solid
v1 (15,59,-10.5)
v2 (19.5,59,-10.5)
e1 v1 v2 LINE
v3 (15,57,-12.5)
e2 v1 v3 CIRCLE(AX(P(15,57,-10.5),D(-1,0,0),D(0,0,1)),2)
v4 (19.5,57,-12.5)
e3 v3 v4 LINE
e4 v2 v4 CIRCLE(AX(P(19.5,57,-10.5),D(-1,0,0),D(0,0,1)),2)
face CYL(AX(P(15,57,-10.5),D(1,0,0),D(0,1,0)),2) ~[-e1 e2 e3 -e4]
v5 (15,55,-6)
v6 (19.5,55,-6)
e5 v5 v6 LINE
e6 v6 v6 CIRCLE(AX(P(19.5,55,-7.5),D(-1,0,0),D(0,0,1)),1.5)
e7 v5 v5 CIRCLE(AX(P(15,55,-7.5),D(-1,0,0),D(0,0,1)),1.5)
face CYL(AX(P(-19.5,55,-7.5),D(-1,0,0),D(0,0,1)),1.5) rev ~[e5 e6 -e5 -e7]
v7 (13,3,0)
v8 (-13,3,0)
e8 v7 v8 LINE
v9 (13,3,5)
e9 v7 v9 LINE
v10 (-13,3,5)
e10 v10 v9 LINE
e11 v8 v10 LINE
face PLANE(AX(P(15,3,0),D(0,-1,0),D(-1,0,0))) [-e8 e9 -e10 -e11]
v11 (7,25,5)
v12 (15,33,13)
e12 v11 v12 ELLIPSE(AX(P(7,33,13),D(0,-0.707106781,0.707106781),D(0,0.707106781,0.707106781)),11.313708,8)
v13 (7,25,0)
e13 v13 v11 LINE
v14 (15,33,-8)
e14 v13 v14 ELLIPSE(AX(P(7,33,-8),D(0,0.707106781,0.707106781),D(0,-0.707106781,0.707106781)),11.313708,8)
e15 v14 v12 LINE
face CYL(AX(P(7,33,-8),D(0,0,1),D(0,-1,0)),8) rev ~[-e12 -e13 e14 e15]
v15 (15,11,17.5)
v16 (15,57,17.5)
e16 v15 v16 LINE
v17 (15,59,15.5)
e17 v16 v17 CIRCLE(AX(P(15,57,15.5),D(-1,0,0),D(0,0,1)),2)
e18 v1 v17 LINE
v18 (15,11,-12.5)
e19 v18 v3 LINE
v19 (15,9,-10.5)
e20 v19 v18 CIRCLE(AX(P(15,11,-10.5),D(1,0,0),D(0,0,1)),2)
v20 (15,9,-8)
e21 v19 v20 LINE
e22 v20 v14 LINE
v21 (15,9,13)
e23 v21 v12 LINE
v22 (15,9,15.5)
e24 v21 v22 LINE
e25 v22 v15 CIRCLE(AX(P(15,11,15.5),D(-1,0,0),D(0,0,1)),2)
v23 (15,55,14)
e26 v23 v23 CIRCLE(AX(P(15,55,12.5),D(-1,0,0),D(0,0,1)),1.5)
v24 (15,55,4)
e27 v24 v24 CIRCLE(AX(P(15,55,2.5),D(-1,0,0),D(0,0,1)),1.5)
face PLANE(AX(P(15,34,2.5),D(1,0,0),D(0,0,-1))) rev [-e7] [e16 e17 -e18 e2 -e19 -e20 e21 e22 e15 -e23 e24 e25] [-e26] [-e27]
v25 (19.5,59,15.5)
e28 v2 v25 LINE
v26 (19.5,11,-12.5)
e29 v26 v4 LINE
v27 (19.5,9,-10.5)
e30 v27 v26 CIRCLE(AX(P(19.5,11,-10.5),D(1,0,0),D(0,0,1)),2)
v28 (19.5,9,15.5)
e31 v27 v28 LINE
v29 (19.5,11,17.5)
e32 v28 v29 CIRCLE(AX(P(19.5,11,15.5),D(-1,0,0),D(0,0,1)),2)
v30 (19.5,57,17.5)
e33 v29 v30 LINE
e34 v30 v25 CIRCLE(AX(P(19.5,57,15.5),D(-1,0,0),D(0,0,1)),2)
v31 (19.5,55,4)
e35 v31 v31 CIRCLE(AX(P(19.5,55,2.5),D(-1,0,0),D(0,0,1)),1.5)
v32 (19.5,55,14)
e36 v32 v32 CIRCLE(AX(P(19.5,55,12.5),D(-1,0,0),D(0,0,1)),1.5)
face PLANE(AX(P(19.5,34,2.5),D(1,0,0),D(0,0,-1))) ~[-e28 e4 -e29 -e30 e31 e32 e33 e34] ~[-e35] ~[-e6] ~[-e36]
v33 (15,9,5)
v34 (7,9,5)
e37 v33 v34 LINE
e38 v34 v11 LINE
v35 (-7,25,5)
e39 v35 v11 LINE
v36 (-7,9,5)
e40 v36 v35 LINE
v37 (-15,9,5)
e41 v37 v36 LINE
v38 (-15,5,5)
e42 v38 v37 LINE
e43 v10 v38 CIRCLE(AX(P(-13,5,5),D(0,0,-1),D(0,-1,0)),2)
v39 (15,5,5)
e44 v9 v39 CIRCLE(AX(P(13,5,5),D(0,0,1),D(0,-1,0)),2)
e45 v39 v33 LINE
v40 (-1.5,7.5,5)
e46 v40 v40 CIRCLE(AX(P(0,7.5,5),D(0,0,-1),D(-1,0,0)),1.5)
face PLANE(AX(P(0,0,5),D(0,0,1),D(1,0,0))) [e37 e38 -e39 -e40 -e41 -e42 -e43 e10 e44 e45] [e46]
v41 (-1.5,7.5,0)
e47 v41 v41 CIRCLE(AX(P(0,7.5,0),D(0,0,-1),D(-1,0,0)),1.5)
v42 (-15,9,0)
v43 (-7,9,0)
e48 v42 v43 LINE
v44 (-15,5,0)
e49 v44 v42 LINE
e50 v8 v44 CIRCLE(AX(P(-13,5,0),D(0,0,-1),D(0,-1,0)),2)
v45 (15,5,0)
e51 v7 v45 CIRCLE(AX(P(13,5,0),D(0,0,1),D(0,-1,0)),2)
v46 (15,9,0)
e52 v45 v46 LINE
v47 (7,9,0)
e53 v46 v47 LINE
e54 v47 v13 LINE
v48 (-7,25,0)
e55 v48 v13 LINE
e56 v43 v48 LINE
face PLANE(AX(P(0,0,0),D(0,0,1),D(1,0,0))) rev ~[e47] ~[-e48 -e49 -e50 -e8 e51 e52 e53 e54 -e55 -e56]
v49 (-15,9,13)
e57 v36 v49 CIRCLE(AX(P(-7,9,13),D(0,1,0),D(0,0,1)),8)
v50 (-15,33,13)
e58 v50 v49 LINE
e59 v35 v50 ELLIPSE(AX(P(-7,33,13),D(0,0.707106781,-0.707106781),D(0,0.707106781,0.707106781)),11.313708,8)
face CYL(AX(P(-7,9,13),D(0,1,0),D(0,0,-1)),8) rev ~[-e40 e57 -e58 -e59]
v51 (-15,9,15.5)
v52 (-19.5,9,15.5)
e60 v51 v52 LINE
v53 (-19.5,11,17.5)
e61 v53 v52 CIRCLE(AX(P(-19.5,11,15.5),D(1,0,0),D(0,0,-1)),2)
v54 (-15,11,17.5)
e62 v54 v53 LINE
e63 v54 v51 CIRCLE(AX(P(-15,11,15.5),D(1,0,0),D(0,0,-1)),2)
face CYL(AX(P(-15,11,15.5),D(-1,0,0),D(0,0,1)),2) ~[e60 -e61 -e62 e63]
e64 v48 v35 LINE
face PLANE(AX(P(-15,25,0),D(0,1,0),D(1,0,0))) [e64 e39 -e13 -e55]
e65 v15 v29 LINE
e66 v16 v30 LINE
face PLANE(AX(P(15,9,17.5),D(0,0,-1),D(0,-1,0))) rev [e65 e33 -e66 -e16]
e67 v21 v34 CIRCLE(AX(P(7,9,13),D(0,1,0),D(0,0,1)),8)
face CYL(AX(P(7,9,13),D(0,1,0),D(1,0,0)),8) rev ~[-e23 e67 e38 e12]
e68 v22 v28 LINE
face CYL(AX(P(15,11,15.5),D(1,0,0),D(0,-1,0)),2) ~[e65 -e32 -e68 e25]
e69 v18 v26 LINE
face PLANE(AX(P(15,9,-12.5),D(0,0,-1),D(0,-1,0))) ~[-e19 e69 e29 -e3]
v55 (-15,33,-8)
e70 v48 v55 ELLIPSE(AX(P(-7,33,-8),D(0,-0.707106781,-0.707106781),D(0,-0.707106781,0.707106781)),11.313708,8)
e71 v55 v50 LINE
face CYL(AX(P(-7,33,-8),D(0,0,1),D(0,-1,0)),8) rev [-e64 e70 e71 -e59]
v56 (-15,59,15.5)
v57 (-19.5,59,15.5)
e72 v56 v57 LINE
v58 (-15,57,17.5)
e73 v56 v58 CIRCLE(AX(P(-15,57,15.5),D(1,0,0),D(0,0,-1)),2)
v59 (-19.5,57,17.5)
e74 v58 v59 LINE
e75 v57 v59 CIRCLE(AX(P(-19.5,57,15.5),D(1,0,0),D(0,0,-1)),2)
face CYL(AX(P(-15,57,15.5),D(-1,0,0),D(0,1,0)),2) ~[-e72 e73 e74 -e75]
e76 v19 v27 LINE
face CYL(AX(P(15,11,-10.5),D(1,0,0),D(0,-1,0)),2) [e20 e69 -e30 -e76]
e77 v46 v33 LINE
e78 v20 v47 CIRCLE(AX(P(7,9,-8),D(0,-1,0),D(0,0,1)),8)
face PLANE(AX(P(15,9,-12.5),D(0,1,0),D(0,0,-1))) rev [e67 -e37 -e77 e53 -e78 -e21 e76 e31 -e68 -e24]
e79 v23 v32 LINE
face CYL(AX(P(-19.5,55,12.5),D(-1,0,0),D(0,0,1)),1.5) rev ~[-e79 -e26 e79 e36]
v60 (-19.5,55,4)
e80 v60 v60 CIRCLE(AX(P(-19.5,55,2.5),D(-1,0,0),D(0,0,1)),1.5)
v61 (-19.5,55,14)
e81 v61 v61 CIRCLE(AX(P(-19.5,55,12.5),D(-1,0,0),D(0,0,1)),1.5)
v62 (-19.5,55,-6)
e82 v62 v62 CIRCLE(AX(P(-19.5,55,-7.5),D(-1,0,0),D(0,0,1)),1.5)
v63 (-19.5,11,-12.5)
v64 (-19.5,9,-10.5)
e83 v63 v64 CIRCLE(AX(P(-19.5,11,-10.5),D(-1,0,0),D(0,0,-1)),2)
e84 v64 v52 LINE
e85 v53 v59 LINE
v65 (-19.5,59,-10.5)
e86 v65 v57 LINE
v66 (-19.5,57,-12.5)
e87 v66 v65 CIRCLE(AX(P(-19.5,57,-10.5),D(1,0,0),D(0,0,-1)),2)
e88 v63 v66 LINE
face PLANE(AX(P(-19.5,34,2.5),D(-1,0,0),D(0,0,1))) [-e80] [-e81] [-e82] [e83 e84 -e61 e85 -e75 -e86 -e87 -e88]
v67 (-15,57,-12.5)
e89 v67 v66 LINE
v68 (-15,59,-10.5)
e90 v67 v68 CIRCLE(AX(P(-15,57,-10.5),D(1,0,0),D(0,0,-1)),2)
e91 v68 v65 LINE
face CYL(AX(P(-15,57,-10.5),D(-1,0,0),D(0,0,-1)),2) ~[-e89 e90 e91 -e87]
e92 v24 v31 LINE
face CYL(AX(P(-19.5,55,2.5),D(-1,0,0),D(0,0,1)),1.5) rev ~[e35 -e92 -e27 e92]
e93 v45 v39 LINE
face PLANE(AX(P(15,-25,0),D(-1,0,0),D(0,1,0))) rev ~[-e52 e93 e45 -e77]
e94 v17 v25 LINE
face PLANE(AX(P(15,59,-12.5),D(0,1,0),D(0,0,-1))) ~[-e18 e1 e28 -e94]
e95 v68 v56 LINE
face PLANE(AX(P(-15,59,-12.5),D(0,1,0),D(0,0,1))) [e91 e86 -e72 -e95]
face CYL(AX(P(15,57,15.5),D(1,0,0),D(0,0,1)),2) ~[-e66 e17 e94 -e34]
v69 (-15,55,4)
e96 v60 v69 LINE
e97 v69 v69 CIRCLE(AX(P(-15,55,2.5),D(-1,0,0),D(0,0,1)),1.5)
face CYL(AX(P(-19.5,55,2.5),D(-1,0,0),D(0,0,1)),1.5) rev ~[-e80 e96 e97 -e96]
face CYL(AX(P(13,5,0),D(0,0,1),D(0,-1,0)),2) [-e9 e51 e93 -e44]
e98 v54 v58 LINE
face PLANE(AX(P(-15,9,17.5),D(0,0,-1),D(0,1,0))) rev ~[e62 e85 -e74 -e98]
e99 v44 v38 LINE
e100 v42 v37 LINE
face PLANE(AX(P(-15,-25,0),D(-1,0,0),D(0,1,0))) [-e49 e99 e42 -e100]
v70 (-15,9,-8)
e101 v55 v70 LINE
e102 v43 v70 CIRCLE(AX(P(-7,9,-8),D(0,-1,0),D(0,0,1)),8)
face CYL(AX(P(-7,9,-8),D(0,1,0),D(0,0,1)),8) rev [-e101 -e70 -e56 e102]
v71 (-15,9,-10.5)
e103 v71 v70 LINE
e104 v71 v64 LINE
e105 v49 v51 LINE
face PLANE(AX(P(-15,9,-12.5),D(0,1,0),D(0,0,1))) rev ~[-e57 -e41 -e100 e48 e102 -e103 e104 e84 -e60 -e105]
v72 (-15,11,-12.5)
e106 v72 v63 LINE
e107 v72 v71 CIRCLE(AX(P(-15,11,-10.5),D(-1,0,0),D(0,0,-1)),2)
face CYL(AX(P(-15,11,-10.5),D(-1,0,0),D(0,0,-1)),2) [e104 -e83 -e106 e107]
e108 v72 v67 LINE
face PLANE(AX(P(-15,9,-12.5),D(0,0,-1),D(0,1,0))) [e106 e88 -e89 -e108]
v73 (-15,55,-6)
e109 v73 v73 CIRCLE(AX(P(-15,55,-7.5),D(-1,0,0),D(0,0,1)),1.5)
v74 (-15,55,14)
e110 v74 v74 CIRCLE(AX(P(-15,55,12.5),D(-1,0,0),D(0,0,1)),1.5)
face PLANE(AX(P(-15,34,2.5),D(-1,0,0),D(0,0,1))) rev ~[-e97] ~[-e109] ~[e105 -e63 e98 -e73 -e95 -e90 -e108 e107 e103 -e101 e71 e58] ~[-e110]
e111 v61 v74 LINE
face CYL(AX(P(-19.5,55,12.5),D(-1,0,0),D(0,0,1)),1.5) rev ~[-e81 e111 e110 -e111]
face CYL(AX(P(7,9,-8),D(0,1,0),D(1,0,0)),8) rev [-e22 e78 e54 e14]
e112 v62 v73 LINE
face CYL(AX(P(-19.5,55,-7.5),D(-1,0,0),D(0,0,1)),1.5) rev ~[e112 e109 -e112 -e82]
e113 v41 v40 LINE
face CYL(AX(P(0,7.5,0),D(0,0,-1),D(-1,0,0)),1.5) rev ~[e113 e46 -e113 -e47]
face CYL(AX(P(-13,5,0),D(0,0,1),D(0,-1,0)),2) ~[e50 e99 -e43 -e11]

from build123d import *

# Parameters (mm, degrees)
SKETCH_1_W          = 30
SKETCH_1_H          = 50
EXTRUDE_1_DEPTH     = 5
SKETCH_5_W          = 30
SKETCH_5_H          = 50
EXTRUDE_2_DEPTH     = 4.5
SKETCH_6_R          = 1.5
CUT_EXTRUDE_1_DEPTH = 73.857738093
SKETCH_7_R          = 1.5
CUT_EXTRUDE_2_DEPTH = 73.857738093
SKETCH_10_R         = 1.5
CUT_EXTRUDE_3_DEPTH = 65.556177086
SKETCH_11_W         = 30
SKETCH_11_H         = 28
CUT_EXTRUDE_4_DEPTH = 65.556177086
FILLET_1_R          = 8
FILLET_2_R          = 8
FILLET_3_R          = 2


with BuildPart() as part:
    # 草图1 → 凸台-拉伸1 (new body)
    with BuildSketch(Plane.XY):
        Rectangle(SKETCH_1_W, SKETCH_1_H)
    extrude(amount=EXTRUDE_1_DEPTH)

    # 草图5 → 凸台-拉伸2 (add)
    with BuildSketch(Plane.ZY.offset(15)):
        with Locations((2.5, 34)):
            Rectangle(SKETCH_5_W, SKETCH_5_H)
    extrude_2 = extrude(amount=EXTRUDE_2_DEPTH)

    # 镜向1: 凸台-拉伸2 across plane
    add(extrude_2.mirror(Plane(origin=(0, 0, 0), x_dir=(0, 0, 1), z_dir=(1, 0, 0))))

    # 草图6 → 切除-拉伸1 (cut, through all)
    with BuildSketch(Plane.ZY.offset(19.5)):
        with Locations((2.5, 55)):
            Circle(SKETCH_6_R)
    extrude(amount=-CUT_EXTRUDE_1_DEPTH, mode=Mode.SUBTRACT)

    # 草图7 → 切除-拉伸2 (cut, through all)
    with BuildSketch(Plane.ZY.offset(19.5)):
        with Locations((-7.5, 55)):
            Circle(SKETCH_7_R)
        with Locations((12.5, 55)):
            Circle(SKETCH_7_R)
    extrude(amount=-CUT_EXTRUDE_2_DEPTH, mode=Mode.SUBTRACT)

    # 草图10 → 切除-拉伸3 (cut, through all)
    with BuildSketch(Plane(origin=(0, 0, 0), x_dir=(-1, 0, 0), z_dir=(0, 0, -1))):
        with Locations((0, -13.5)):
            Circle(SKETCH_10_R)
        with Locations((0, 7.5)):
            Circle(SKETCH_10_R)
    extrude(amount=-CUT_EXTRUDE_3_DEPTH, mode=Mode.SUBTRACT)

    # 草图11 → 切除-拉伸4 (cut, through all)
    with BuildSketch(Plane(origin=(0, 0, 0), x_dir=(-1, 0, 0), z_dir=(0, 0, -1))):
        with Locations((0, -11)):
            Rectangle(SKETCH_11_W, SKETCH_11_H)
    extrude(amount=-CUT_EXTRUDE_4_DEPTH, mode=Mode.SUBTRACT)

    # 圆角1
    fillet_1_edges = [part.edges().sort_by_distance(p)[0] for p in [
        (15, 17, 0),
        (15, 17, 5),
        (-15, 17, 5),
        (-15, 17, 0),
    ]]
    fillet(fillet_1_edges, radius=FILLET_1_R)

    # 圆角2
    fillet_2_edges = [part.edges().sort_by_distance(p)[0] for p in [
        (-15, 25, 2.5),
        (15, 25, 2.5),
    ]]
    fillet(fillet_2_edges, radius=FILLET_2_R)

    # 圆角3
    fillet_3_edges = [part.edges().sort_by_distance(p)[0] for p in [
        (-15, 3, 2.5),
        (15, 3, 2.5),
        (-17.25, 59, -12.5),
        (-17.25, 9, -12.5),
        (-17.25, 9, 17.5),
        (-17.25, 59, 17.5),
        (17.25, 9, -12.5),
        (17.25, 59, -12.5),
        (17.25, 59, 17.5),
        (17.25, 9, 17.5),
    ]]
    fillet(fillet_3_edges, radius=FILLET_3_R)


solid = part.part
